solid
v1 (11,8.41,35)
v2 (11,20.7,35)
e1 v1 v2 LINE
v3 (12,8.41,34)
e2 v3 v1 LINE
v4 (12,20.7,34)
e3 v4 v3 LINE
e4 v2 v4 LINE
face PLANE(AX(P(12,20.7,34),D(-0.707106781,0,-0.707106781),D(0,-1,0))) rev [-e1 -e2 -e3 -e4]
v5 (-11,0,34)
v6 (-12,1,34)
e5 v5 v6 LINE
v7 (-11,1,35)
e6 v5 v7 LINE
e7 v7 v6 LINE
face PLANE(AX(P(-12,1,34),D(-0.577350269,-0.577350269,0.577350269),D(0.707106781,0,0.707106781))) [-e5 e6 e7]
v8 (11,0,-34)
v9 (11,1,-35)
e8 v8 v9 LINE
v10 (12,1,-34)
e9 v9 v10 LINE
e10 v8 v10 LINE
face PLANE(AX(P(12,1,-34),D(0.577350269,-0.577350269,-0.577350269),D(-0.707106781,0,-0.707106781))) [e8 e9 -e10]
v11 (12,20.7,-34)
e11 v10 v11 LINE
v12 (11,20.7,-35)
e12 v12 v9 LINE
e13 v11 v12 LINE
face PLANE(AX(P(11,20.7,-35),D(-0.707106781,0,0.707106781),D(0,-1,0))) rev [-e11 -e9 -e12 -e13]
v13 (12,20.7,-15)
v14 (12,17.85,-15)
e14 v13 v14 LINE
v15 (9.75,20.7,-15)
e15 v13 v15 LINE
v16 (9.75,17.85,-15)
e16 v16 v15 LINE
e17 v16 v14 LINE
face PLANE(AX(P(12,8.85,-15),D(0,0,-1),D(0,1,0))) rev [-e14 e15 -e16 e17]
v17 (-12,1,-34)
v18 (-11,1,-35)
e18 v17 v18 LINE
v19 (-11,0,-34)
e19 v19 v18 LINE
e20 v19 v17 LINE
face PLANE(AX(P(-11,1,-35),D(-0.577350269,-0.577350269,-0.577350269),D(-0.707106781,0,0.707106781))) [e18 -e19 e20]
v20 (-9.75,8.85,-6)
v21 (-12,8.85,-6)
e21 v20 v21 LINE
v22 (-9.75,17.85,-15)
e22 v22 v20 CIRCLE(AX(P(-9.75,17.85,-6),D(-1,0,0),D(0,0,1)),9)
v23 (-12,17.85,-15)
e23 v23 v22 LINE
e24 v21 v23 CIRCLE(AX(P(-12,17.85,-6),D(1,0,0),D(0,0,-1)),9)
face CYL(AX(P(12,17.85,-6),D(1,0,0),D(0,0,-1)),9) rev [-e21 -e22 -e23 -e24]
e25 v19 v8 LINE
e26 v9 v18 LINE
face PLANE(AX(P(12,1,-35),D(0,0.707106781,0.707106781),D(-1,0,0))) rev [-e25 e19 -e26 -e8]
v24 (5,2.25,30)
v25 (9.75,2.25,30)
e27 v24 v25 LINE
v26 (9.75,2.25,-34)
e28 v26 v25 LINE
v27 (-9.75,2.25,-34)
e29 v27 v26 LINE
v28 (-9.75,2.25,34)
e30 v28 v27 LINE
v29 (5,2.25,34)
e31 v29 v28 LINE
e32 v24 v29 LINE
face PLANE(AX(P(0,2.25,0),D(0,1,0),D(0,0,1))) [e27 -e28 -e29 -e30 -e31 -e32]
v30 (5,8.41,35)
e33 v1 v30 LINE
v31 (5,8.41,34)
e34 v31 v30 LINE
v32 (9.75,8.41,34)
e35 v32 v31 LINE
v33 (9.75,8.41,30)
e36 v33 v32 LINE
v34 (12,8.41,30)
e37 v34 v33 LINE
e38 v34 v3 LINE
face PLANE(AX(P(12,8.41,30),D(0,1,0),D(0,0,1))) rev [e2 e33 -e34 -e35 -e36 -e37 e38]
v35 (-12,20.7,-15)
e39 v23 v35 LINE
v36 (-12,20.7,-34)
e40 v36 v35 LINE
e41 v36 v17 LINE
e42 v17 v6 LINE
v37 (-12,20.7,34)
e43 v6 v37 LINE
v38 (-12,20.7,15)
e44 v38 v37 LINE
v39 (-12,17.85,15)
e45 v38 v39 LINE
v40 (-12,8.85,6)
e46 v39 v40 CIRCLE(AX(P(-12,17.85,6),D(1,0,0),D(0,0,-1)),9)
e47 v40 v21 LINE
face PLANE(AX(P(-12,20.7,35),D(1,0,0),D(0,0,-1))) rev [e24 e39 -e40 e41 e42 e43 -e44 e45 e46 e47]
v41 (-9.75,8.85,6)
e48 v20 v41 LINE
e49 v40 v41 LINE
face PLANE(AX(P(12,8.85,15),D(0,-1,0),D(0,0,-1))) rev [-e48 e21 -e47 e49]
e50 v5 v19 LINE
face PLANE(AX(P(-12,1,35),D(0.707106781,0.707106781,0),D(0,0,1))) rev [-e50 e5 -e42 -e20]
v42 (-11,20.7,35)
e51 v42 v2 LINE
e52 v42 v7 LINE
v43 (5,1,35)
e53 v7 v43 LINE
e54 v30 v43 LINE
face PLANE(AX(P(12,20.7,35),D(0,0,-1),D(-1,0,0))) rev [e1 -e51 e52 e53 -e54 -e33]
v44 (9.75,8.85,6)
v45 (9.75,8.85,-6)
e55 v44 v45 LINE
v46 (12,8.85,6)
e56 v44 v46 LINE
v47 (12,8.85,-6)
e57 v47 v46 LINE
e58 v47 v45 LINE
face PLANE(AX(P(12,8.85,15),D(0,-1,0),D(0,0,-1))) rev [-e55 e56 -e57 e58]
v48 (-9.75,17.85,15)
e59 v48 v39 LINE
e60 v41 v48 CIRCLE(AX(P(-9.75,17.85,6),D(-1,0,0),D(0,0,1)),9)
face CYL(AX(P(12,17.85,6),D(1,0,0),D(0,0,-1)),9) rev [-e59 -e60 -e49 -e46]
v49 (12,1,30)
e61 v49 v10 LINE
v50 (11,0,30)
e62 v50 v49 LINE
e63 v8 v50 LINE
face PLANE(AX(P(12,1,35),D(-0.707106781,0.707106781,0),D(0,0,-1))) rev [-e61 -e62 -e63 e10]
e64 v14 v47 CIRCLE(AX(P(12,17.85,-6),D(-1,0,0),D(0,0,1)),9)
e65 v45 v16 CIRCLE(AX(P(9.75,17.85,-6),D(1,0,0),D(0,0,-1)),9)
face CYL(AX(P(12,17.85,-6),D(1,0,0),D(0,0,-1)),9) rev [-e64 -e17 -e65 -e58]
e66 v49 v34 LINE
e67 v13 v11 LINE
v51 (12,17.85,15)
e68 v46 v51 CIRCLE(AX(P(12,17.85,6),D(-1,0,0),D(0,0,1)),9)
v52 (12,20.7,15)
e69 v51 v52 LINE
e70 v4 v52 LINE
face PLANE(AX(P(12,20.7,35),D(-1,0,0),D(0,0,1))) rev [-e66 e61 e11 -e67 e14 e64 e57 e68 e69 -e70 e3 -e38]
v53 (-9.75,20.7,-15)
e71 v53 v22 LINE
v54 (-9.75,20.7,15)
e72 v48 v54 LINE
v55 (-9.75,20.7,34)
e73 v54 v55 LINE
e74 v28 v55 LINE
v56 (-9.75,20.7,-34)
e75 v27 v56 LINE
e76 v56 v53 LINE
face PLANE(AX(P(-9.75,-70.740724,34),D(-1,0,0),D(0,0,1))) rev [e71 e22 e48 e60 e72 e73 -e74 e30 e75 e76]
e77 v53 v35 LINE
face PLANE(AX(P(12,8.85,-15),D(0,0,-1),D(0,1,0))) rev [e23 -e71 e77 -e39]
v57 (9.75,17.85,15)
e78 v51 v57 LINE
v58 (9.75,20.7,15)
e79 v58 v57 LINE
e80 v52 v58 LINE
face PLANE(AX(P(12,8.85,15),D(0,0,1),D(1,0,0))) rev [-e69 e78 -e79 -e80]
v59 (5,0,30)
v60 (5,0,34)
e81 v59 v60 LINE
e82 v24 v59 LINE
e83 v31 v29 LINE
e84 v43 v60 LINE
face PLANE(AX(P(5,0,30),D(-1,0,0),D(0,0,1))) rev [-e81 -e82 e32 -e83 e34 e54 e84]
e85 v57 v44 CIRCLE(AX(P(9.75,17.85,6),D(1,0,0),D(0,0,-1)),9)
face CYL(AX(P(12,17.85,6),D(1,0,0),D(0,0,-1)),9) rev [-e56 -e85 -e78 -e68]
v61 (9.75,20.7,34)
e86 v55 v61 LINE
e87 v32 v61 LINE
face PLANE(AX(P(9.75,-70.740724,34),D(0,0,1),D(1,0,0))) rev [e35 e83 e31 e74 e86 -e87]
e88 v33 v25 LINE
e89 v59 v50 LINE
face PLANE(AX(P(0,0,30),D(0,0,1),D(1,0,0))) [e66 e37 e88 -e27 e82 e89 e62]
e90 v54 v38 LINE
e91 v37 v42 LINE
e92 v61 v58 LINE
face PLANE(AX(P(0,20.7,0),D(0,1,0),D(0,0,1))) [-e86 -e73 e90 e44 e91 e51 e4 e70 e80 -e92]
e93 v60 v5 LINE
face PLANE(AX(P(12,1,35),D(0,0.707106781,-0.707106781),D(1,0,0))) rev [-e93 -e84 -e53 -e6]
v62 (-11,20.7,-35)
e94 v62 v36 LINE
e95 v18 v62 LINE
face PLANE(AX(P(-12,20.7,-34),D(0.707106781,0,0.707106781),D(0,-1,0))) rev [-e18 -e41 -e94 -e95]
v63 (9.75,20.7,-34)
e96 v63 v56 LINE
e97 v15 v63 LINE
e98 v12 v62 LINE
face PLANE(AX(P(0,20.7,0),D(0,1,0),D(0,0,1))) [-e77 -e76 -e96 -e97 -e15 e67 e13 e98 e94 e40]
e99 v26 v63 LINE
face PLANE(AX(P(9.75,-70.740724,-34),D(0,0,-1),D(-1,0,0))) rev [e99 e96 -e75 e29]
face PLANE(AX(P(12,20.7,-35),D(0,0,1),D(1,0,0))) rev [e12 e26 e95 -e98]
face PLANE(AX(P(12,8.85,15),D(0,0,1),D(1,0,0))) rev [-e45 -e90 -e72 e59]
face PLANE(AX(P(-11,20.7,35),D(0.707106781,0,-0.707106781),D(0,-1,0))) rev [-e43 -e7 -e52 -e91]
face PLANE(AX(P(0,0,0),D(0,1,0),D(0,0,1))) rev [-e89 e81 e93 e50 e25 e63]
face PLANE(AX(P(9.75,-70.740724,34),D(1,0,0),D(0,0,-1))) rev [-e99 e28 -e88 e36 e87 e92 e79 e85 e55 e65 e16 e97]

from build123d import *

# Parameters (mm, degrees)
SKETCH1_W               = 24
SKETCH1_H               = 70
BOSS_EXTRUDE1_DEPTH     = 20.7
SKETCH2_W               = 19.5
SKETCH2_H               = 68
CUT_EXTRUDE1_DEPTH      = 18.45
CUT_EXTRUDE2_DEPTH      = 48.217475578
CUT_EXTRUDE2_DEPTH_BACK = 48.217475578
SKETCH4_W               = 30
SKETCH4_H               = 11.85
FILLET1_R               = 9
SKETCH5_W               = 7
SKETCH5_H               = 8.41
CUT_EXTRUDE3_DEPTH      = 5
CHAMFER1_SIZE           = 1


with BuildPart() as part:
    # Sketch1 → Boss-Extrude1 (new body)
    with BuildSketch(Plane(origin=(0, 0, 0), x_dir=(1, 0, 0), z_dir=(0, 1, 0))):
        Rectangle(SKETCH1_W, SKETCH1_H)
    extrude(amount=BOSS_EXTRUDE1_DEPTH)

    # Sketch2 → Cut-Extrude1 (cut)
    with BuildSketch(Plane(origin=(0, 20.7, 0), x_dir=(1, 0, 0), z_dir=(0, 1, 0))):
        Rectangle(SKETCH2_W, SKETCH2_H)
    extrude(amount=-CUT_EXTRUDE1_DEPTH, mode=Mode.SUBTRACT)

    # Sketch4 → Cut-Extrude2 (cut, two sides: drawn at the far end of the back side and taken through both)
    with BuildSketch(Plane.ZY.offset(12).offset(-CUT_EXTRUDE2_DEPTH_BACK)):
        with Locations((0, 14.775)):
            Rectangle(SKETCH4_W, SKETCH4_H)
    extrude(amount=CUT_EXTRUDE2_DEPTH + CUT_EXTRUDE2_DEPTH_BACK, mode=Mode.SUBTRACT)

    # Fillet1
    fillet1_edges = [part.edges().sort_by_distance(p)[0] for p in [
        (-10.875, 8.85, -15),
        (10.875, 8.85, -15),
        (-10.875, 8.85, 15),
        (10.875, 8.85, 15),
    ]]
    fillet(fillet1_edges, radius=FILLET1_R)

    # Sketch5 → Cut-Extrude3 (cut)
    with BuildSketch(Plane.XY.offset(35)):
        with Locations((8.5, 4.205)):
            Rectangle(SKETCH5_W, SKETCH5_H)
    extrude(amount=-CUT_EXTRUDE3_DEPTH, mode=Mode.SUBTRACT)

    # Chamfer1
    chamfer1_edges = [part.edges().sort_by_distance(p)[0] for p in [
        (0, 0, -35),
        (-3.5, 0, 35),
        (-12, 0, 0),
        (-12, 10.35, -35),
        (12, 10.35, -35),
        (12, 14.555, 35),
        (-12, 10.35, 35),
        (12, 0, -2.5),
    ]]
    chamfer(chamfer1_edges, length=CHAMFER1_SIZE)


solid = part.part
